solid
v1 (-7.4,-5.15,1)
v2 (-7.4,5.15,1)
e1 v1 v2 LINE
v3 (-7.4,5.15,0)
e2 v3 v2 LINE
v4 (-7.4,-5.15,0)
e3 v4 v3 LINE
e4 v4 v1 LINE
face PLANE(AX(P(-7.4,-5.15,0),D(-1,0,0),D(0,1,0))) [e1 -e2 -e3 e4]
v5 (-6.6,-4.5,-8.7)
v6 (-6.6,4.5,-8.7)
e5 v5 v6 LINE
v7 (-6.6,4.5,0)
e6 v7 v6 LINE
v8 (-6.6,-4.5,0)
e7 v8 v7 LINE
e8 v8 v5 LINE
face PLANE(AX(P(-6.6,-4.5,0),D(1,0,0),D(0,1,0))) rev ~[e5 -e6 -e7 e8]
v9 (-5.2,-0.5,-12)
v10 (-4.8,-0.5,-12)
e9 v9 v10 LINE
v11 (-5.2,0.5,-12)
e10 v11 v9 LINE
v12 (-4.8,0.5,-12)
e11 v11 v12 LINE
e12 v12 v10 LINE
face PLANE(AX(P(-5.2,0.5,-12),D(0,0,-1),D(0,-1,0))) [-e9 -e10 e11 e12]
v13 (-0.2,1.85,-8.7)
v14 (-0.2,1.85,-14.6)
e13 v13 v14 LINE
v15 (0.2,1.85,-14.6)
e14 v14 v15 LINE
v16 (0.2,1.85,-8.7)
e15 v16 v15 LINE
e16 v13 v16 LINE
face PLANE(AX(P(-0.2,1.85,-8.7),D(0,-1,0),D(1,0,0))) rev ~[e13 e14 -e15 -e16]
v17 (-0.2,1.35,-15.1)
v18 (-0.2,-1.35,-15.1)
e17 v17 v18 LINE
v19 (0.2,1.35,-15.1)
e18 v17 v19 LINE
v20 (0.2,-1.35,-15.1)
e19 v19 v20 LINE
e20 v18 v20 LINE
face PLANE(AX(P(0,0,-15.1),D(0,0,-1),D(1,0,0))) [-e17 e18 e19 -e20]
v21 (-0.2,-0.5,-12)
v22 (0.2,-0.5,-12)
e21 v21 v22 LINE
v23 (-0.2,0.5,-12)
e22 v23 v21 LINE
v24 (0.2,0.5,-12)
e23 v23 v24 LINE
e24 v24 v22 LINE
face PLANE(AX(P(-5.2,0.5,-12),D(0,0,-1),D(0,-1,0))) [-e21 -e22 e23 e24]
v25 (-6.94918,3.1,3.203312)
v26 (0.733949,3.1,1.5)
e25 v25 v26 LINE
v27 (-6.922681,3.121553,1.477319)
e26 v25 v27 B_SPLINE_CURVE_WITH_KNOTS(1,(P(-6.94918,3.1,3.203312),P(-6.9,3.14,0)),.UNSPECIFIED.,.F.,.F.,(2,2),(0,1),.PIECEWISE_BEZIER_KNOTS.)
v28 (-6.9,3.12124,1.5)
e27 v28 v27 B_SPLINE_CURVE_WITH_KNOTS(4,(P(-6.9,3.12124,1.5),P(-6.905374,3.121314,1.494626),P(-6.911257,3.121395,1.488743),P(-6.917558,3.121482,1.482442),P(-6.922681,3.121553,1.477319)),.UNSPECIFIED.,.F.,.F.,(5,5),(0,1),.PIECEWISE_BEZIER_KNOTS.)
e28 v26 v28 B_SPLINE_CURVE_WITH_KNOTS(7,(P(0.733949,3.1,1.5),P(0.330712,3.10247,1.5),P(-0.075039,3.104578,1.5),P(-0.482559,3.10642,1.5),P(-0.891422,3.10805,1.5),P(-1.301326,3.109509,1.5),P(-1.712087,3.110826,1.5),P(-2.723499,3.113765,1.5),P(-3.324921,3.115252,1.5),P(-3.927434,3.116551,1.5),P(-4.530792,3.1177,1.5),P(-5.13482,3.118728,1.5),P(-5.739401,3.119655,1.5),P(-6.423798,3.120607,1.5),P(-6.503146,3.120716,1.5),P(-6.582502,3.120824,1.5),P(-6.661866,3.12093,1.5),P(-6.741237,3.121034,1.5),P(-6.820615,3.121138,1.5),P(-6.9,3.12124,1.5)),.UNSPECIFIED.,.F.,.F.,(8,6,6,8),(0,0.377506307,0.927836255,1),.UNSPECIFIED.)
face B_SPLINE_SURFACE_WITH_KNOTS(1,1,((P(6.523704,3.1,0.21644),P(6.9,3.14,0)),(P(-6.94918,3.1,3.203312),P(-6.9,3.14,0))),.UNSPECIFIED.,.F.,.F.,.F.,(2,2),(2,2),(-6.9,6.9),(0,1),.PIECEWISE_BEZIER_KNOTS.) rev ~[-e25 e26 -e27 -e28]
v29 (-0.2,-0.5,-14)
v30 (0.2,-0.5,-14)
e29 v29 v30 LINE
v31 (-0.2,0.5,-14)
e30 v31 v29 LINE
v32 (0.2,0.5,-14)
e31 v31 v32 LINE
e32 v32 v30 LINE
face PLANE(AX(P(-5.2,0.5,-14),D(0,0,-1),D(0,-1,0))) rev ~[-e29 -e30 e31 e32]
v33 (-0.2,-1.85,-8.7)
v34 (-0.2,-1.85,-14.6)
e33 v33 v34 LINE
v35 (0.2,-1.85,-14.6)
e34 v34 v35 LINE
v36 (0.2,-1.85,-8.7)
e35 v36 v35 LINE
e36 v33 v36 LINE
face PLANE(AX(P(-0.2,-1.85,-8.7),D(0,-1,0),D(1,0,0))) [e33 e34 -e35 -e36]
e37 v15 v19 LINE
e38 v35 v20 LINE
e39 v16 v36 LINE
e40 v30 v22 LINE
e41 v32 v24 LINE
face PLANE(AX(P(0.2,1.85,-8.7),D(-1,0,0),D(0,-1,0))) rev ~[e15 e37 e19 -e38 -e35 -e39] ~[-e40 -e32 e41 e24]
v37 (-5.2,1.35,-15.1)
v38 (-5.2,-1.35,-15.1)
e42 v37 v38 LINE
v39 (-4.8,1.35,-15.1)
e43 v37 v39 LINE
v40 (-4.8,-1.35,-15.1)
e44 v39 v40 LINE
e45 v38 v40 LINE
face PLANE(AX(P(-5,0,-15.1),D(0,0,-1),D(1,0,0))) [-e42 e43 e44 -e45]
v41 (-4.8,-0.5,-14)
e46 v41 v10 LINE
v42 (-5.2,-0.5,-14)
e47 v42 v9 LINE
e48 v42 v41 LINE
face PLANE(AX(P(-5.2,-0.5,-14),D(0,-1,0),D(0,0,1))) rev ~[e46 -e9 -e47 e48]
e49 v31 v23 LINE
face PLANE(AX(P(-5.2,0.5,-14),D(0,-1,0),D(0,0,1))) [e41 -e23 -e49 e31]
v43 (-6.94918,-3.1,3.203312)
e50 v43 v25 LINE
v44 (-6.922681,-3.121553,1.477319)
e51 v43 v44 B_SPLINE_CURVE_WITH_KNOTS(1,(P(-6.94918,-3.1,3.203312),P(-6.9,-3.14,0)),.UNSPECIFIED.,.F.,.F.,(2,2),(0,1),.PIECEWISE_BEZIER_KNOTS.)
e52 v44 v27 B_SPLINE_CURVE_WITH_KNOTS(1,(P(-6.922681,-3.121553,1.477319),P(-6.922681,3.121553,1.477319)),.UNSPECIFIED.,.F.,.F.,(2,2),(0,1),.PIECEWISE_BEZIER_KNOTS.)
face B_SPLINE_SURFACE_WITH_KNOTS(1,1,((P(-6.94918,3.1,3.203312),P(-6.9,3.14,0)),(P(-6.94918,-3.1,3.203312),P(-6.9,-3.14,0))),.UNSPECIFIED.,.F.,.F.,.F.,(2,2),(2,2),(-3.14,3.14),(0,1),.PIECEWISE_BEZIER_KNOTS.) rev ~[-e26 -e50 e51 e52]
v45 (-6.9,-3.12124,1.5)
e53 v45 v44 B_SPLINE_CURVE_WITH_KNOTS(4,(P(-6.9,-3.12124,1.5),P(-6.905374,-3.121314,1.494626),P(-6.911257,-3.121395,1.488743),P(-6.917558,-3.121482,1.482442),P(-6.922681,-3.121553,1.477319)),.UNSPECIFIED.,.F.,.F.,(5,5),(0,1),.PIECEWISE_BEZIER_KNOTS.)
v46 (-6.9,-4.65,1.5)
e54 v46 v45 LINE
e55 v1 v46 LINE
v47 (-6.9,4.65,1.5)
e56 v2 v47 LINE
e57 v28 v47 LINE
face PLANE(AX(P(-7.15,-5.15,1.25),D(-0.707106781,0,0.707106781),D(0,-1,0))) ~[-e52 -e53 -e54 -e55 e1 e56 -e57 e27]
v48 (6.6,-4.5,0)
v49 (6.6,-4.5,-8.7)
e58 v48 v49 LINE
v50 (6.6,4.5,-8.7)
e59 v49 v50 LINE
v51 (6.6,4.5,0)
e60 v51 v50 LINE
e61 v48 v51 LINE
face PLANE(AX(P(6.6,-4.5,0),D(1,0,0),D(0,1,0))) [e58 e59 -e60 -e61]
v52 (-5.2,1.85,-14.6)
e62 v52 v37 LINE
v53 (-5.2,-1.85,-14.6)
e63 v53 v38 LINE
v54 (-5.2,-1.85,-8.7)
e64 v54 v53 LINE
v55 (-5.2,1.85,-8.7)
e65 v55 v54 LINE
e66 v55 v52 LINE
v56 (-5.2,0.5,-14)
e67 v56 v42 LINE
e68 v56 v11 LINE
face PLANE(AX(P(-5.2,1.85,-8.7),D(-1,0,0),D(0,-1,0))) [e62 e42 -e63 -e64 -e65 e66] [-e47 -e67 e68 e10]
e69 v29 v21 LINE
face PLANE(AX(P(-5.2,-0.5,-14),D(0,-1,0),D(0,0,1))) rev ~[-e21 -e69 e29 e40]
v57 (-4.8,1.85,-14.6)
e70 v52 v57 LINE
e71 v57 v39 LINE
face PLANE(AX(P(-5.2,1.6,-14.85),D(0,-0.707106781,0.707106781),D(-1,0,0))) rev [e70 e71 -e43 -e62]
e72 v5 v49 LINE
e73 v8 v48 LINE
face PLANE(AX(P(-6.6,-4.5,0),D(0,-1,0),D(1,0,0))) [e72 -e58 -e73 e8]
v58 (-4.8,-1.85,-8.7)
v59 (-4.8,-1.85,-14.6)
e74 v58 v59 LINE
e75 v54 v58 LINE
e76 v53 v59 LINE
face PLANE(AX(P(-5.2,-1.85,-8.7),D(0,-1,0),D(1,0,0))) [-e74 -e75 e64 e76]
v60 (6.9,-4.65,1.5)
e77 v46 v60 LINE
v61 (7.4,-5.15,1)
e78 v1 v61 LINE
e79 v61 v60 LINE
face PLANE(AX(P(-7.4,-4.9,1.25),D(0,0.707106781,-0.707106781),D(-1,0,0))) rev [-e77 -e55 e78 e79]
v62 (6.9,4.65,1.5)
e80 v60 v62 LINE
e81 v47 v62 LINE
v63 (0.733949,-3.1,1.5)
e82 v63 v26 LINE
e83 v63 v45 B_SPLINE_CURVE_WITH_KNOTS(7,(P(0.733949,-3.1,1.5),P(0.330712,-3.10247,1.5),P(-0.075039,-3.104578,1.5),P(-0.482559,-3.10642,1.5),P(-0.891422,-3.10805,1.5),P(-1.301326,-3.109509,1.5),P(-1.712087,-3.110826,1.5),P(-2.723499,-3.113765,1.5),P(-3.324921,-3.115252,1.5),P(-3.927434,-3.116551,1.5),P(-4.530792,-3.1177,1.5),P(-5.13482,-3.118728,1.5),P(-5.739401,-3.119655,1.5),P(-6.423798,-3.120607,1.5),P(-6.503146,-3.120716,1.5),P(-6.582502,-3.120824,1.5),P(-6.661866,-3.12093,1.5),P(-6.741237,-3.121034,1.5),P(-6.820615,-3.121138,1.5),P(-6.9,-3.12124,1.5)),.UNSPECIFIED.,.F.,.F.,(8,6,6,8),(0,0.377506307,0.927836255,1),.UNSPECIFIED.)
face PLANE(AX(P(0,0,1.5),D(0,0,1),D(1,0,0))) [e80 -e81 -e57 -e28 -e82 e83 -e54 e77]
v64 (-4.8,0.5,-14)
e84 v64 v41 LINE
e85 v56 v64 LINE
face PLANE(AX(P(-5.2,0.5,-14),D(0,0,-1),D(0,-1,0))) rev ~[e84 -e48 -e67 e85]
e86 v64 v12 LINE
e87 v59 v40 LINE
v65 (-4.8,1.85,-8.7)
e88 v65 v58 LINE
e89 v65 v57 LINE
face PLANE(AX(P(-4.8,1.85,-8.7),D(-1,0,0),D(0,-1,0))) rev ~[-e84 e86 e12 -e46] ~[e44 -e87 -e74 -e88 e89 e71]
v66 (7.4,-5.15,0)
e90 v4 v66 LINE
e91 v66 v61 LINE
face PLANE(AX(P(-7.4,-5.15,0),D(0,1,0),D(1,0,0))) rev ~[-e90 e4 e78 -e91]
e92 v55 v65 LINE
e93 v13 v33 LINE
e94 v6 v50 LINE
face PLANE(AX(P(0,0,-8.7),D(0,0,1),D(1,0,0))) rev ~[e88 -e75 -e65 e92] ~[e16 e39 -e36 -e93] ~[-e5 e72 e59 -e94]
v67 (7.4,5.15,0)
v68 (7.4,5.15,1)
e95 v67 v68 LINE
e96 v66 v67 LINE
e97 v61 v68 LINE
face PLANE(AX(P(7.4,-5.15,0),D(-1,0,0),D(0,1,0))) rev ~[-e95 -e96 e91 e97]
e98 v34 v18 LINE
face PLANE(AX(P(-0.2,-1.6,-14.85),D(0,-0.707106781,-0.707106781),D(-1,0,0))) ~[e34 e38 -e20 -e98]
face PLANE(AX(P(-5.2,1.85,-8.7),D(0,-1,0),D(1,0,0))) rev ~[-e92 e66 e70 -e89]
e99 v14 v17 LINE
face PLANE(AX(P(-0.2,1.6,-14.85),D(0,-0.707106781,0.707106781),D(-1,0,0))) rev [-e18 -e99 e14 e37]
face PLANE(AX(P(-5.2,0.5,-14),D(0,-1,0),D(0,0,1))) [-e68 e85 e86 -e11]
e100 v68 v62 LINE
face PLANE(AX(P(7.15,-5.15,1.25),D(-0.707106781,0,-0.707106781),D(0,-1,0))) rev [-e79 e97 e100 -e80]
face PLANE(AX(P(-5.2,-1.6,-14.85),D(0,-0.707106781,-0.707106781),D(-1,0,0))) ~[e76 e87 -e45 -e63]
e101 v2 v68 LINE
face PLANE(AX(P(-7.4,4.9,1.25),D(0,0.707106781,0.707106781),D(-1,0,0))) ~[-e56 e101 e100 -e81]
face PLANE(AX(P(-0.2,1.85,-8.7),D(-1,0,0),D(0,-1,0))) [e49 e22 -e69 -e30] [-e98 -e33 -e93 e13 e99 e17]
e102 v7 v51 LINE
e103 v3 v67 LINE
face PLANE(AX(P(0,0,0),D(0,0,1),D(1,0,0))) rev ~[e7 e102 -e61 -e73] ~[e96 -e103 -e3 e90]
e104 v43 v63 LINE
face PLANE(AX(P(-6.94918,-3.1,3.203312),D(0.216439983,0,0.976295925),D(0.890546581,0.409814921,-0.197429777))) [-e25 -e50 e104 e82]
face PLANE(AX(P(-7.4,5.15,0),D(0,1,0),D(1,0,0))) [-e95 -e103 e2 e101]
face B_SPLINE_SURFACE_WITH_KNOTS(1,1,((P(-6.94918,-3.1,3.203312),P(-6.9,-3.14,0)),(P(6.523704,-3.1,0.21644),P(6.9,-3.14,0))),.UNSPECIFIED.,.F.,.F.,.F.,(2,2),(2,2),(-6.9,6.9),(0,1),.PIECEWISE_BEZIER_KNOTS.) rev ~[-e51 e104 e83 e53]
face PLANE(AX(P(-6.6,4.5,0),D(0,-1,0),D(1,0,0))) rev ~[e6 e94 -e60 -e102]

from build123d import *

# Parameters (mm, degrees)
SKETCH_W        = 14.8
SKETCH_H        = 10.3
PAD_DEPTH       = 1.5
CHAMFER_SIZE    = 0.5
SKETCH002_W     = 13.8
SKETCH002_H     = 6.2
SKETCH001_W     = 13.8
SKETCH001_H     = 6.28
SKETCH003_W     = 13.2
SKETCH003_H     = 9
PAD001_DEPTH    = 8.7
SKETCH004_W     = 0.4
SKETCH004_H     = 3.7
PAD002_DEPTH    = 6.4
SKETCH005_W     = 1
SKETCH005_H     = 2
POCKET_DEPTH    = 12.601
CHAMFER001_SIZE = 0.5


with BuildPart() as part:
    # Sketch → Pad (new body)
    with BuildSketch(Plane.XY):
        Rectangle(SKETCH_W, SKETCH_H)
    extrude(amount=PAD_DEPTH)

    # Chamfer
    chamfer_edges = [part.edges().sort_by_distance(p)[0] for p in [
        (0, 5.15, 1.5),
        (7.4, 0, 1.5),
        (0, -5.15, 1.5),
        (-7.4, 0, 1.5),
    ]]
    chamfer(chamfer_edges, length=CHAMFER_SIZE)

    # Sketch002 (on DatumPlane) → AdditiveLoft section 0
    with BuildSketch(Plane(origin=(6.523704, 0, 0.21644), x_dir=(0.976296, 0, -0.21644), z_dir=(0.21644, 0, 0.976296))):
        with Locations((-6.9, 0)):
            Rectangle(SKETCH002_W, SKETCH002_H)
    # Sketch001 → AdditiveLoft section 1
    with BuildSketch(Plane.XY):
        Rectangle(SKETCH001_W, SKETCH001_H)
    loft()

    # Sketch003 → Pad001 (join)
    with BuildSketch(Plane.XY):
        Rectangle(SKETCH003_W, SKETCH003_H)
    extrude(amount=-PAD001_DEPTH)

    # Sketch004 (on DatumPlane) → Pad002 (join)
    with BuildSketch(Plane(origin=(0, 0, -8.7), x_dir=(1, 0, 0), z_dir=(0, 0, -1))):
        with Locations((-5, 0)):
            Rectangle(SKETCH004_W, SKETCH004_H)
        Rectangle(SKETCH004_W, SKETCH004_H)
    extrude(amount=PAD002_DEPTH)

    # Sketch005 (on DatumPlane) → Pocket (cut, through all)
    with BuildSketch(Plane(origin=(-5.2, 0, 0), x_dir=(0, -1, 0), z_dir=(-1, 0, 0))):
        with Locations((0, -13)):
            Rectangle(SKETCH005_W, SKETCH005_H)
    extrude(amount=-POCKET_DEPTH, mode=Mode.SUBTRACT)

    # Chamfer001
    chamfer001_edges = [part.edges().sort_by_distance(p)[0] for p in [
        (-5, -1.85, -15.1),
        (0, -1.85, -15.1),
        (0, 1.85, -15.1),
        (-5, 1.85, -15.1),
    ]]
    chamfer(chamfer001_edges, length=CHAMFER001_SIZE)


solid = part.part
